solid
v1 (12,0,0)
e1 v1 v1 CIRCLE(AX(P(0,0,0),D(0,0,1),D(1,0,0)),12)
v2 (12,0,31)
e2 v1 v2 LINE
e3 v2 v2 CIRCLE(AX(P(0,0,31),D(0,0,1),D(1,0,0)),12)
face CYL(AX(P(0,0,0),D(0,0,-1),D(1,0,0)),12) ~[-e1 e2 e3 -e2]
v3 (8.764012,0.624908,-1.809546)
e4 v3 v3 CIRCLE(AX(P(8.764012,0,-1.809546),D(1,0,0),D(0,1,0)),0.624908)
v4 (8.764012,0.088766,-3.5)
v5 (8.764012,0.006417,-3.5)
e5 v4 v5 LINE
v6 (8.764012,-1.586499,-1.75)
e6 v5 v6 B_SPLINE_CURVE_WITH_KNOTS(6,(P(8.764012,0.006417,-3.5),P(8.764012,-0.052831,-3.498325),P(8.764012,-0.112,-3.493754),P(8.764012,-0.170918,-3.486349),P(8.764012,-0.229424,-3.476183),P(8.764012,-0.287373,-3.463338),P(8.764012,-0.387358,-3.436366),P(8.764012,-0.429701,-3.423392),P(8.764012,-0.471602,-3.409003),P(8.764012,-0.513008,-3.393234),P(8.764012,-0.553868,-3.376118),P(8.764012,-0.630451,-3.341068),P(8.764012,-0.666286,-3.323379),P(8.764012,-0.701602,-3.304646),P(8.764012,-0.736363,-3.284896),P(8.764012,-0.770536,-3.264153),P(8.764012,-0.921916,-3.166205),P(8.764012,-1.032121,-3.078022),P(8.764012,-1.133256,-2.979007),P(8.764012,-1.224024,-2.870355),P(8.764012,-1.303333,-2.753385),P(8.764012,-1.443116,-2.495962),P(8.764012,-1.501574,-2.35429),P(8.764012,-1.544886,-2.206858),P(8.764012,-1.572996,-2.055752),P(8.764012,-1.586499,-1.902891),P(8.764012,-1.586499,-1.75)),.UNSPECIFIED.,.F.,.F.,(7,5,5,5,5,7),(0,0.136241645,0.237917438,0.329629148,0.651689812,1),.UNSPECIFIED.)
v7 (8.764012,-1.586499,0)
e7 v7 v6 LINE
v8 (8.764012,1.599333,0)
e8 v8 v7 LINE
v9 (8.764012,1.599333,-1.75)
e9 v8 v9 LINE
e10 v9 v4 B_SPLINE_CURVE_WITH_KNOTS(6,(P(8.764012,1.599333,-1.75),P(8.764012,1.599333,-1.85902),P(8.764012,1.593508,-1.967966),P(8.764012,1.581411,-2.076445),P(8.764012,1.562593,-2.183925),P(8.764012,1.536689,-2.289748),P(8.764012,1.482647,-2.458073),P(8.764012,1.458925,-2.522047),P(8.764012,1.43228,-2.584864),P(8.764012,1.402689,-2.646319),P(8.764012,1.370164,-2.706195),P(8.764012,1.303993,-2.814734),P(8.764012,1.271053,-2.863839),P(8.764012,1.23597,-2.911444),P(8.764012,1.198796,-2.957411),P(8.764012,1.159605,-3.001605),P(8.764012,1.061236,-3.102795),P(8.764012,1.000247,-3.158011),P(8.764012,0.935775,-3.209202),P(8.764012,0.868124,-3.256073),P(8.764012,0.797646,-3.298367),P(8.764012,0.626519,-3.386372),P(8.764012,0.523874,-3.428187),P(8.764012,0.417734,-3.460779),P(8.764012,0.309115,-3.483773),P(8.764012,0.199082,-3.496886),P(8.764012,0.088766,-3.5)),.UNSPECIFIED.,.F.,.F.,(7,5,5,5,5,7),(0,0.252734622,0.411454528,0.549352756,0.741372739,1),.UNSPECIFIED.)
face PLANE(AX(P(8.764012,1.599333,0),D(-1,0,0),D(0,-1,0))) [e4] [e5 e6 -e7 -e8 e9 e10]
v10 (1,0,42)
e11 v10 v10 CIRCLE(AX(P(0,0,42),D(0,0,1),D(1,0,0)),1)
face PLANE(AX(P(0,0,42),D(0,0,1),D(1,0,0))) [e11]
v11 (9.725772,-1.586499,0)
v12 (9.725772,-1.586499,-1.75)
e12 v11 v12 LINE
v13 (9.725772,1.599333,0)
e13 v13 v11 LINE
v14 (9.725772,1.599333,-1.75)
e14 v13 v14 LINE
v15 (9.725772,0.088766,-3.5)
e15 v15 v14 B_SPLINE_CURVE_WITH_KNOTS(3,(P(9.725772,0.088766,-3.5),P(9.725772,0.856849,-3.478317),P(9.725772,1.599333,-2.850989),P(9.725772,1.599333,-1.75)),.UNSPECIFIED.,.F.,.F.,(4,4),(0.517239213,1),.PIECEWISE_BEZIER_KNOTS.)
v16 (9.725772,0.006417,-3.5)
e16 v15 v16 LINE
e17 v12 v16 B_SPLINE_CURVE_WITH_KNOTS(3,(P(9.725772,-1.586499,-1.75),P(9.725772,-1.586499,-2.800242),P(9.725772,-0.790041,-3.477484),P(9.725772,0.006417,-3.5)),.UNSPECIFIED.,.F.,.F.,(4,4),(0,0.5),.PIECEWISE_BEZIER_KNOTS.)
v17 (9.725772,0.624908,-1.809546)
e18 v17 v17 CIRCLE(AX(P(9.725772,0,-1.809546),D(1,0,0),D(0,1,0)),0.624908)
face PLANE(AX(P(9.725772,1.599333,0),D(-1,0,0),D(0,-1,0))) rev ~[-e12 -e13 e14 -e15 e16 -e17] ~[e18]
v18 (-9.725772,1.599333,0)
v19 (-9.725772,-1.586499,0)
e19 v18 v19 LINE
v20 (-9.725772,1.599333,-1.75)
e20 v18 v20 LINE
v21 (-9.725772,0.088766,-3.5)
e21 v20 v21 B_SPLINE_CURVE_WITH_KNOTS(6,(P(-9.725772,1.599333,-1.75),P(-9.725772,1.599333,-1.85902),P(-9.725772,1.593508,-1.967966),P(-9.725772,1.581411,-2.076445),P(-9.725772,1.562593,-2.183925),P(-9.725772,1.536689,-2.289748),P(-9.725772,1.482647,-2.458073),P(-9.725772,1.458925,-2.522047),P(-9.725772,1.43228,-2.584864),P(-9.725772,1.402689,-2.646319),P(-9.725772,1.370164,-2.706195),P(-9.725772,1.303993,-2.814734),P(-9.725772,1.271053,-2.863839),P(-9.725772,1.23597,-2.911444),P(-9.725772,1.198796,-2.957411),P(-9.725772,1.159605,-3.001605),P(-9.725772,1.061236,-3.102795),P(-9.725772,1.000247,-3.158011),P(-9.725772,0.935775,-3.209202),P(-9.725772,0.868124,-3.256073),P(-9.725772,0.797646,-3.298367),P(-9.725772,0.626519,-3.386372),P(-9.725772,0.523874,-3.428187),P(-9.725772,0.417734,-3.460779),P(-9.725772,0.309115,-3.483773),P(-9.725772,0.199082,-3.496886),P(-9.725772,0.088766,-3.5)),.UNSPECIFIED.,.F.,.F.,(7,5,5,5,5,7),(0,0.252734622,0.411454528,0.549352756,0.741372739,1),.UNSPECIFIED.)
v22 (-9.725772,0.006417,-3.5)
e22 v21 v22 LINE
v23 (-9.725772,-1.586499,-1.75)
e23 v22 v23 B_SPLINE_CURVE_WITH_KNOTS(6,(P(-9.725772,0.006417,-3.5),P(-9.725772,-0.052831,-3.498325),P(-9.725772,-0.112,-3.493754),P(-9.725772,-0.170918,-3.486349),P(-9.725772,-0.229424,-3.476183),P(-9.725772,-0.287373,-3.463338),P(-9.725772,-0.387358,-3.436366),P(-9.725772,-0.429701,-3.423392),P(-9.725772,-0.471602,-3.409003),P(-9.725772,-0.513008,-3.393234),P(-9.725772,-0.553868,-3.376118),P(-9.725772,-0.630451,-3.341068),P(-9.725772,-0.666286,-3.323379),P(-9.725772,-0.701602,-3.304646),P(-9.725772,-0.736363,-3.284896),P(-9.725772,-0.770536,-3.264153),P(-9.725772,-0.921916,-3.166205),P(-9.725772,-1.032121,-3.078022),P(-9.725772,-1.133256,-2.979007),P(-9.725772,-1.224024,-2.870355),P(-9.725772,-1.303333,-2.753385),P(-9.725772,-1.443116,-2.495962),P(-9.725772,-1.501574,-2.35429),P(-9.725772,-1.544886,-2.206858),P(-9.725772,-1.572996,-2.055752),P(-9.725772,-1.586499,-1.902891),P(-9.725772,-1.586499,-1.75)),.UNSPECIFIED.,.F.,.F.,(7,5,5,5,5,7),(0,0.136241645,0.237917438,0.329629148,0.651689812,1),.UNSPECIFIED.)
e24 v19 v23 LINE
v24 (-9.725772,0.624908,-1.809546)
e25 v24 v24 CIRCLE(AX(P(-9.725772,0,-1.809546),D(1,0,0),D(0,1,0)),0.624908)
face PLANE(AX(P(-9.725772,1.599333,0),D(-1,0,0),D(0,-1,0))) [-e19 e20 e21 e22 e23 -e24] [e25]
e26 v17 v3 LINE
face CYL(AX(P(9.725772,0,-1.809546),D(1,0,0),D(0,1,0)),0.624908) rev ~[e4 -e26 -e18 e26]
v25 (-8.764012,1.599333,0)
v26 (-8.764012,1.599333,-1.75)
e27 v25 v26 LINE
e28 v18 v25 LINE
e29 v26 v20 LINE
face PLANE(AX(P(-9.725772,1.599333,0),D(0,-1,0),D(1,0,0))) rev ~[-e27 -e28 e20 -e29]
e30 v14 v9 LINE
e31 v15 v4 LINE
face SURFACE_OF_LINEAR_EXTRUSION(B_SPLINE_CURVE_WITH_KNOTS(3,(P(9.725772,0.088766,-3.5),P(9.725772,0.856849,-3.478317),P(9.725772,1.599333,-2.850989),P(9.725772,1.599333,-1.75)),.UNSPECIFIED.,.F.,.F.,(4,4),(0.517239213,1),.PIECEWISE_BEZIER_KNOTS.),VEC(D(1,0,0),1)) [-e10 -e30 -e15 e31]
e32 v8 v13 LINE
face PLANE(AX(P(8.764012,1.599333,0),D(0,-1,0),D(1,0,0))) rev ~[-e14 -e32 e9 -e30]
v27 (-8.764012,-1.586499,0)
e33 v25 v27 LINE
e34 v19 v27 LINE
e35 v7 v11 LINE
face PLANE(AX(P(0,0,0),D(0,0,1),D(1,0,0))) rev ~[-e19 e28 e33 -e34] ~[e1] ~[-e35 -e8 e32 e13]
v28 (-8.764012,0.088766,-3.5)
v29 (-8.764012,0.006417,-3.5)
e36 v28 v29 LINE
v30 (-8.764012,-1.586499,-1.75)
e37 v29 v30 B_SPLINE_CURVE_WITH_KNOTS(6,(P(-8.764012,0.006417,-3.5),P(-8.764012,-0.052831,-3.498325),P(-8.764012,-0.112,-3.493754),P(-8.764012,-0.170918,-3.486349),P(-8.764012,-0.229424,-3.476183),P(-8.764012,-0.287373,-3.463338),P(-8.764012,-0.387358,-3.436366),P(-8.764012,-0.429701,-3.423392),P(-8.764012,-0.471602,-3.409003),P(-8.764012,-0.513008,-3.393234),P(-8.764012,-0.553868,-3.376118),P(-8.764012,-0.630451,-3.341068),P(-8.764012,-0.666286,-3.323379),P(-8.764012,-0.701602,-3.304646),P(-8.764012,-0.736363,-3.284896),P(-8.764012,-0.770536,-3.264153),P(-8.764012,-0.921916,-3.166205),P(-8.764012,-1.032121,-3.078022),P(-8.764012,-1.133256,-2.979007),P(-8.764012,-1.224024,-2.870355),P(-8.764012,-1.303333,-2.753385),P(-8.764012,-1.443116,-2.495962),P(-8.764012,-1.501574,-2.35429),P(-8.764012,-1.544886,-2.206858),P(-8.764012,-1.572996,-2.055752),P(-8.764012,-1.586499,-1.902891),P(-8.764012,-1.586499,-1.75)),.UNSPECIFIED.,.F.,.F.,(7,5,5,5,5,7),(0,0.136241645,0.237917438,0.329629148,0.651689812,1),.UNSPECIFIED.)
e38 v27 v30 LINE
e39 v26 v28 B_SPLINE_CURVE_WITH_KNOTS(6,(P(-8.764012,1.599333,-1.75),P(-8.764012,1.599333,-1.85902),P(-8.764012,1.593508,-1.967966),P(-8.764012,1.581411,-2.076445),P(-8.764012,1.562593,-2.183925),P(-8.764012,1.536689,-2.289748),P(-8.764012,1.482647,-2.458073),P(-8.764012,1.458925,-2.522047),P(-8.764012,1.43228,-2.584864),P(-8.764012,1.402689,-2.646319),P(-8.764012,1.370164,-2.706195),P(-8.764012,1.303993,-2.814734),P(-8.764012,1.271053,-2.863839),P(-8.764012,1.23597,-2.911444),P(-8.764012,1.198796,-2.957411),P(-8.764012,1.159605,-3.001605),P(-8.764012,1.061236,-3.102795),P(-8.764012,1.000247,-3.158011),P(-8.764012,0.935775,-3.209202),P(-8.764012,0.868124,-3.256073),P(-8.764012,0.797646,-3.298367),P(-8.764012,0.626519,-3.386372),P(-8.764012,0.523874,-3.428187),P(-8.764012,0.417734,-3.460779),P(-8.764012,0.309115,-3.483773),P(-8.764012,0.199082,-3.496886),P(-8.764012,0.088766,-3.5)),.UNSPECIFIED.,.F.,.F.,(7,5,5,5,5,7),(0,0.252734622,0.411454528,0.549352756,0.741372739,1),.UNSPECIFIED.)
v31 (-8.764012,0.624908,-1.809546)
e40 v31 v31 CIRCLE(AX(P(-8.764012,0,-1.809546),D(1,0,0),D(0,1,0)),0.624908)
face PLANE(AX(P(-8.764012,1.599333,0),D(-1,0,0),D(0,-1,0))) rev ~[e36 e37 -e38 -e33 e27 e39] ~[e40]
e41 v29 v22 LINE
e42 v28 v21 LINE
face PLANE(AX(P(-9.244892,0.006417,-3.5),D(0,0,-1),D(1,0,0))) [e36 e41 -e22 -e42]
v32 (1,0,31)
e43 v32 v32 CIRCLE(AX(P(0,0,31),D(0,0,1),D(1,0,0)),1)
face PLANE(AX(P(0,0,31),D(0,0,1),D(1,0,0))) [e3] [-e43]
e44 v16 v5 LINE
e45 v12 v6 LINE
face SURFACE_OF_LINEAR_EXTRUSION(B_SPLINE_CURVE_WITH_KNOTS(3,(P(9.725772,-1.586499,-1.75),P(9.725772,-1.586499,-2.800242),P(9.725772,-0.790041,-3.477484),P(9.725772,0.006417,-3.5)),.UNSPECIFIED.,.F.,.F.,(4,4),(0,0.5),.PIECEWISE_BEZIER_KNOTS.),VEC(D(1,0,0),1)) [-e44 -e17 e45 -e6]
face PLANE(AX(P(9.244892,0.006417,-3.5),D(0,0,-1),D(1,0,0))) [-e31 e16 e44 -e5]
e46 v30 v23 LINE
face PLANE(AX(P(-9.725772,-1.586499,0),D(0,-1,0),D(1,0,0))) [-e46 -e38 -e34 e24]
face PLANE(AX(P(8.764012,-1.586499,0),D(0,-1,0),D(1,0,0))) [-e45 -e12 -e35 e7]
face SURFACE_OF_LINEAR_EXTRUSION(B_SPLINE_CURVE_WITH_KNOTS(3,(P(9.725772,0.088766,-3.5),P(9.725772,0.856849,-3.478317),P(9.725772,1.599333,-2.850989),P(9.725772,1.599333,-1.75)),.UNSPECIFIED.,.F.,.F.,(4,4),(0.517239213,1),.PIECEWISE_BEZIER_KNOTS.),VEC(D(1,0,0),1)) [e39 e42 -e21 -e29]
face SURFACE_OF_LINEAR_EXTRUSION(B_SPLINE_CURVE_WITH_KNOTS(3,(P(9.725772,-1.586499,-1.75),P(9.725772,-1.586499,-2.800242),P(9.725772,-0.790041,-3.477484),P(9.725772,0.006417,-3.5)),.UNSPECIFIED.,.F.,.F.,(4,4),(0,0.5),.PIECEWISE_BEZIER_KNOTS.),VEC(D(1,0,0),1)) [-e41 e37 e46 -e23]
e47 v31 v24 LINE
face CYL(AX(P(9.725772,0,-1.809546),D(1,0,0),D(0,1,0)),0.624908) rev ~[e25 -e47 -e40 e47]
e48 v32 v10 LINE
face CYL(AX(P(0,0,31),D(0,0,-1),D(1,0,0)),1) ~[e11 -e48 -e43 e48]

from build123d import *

# Parameters (mm, degrees)
F0_R     = 12
F1_DEPTH = 31
F2_R     = 1
F3_DEPTH = 11
F4_W     = 0.961760059
F4_H     = 3.1858317088
F5_DEPTH = 3.5
F6_R     = 0.6249075308
F7_DEPTH = 21.7267718444


with BuildPart() as f1:
    # F0 (on Top) → F1 (new body)
    with BuildSketch(Plane.XY):
        Circle(F0_R)
    extrude(amount=F1_DEPTH)

    # F2 (on face) → F3 (join)
    with BuildSketch(Plane.XY.offset(31)):
        Circle(F2_R)
    extrude(amount=F3_DEPTH)

    # F4 (on face) → F5 (join)
    with BuildSketch(Plane(origin=(0, 0, 0), x_dir=(1, 0, 0), z_dir=(0, 0, -1))):
        with Locations((-9.2448918149, -0.0064170454)):
            Rectangle(F4_W, F4_H)
        with Locations((9.2448918149, -0.0064170454)):
            Rectangle(F4_W, F4_H)
    extrude(amount=F5_DEPTH)

    # F6 (on face) → F7 (cut, through all)
    with BuildSketch(Plane.YZ.offset(9.7257718444)):
        with BuildLine():
            add(Edge.make_bspline(
                [(0.0887662493, -3.5), (0.8568494058, -3.4783165811), (1.5993328998, -2.8509894263), (1.5993328998, -1.75)],
                knots=[0.5172392132, 0.5172392132, 0.5172392132, 0.5172392132, 1, 1, 1, 1], degree=3))
            Line((0.0887662493, -3.5), (1.5993328998, -3.5))
            Line((1.5993328998, -3.5), (1.5993328998, -1.75))
        make_face()
        with BuildLine():
            add(Edge.make_bspline(
                [(-1.586498809, -1.75), (-1.586498809, -2.800242044), (-0.7900408818, -3.4774841708), (0.0064170454, -3.5)],
                knots=[0, 0, 0, 0, 0.5, 0.5, 0.5, 0.5], degree=3))
            Line((-1.586498809, -1.75), (-1.586498809, -3.5))
            Line((-1.586498809, -3.5), (0.0064170454, -3.5))
        make_face()
        with Locations((0, -1.8095459091)):
            Circle(F6_R)
    extrude(amount=-F7_DEPTH, mode=Mode.SUBTRACT)


solid = f1.part
